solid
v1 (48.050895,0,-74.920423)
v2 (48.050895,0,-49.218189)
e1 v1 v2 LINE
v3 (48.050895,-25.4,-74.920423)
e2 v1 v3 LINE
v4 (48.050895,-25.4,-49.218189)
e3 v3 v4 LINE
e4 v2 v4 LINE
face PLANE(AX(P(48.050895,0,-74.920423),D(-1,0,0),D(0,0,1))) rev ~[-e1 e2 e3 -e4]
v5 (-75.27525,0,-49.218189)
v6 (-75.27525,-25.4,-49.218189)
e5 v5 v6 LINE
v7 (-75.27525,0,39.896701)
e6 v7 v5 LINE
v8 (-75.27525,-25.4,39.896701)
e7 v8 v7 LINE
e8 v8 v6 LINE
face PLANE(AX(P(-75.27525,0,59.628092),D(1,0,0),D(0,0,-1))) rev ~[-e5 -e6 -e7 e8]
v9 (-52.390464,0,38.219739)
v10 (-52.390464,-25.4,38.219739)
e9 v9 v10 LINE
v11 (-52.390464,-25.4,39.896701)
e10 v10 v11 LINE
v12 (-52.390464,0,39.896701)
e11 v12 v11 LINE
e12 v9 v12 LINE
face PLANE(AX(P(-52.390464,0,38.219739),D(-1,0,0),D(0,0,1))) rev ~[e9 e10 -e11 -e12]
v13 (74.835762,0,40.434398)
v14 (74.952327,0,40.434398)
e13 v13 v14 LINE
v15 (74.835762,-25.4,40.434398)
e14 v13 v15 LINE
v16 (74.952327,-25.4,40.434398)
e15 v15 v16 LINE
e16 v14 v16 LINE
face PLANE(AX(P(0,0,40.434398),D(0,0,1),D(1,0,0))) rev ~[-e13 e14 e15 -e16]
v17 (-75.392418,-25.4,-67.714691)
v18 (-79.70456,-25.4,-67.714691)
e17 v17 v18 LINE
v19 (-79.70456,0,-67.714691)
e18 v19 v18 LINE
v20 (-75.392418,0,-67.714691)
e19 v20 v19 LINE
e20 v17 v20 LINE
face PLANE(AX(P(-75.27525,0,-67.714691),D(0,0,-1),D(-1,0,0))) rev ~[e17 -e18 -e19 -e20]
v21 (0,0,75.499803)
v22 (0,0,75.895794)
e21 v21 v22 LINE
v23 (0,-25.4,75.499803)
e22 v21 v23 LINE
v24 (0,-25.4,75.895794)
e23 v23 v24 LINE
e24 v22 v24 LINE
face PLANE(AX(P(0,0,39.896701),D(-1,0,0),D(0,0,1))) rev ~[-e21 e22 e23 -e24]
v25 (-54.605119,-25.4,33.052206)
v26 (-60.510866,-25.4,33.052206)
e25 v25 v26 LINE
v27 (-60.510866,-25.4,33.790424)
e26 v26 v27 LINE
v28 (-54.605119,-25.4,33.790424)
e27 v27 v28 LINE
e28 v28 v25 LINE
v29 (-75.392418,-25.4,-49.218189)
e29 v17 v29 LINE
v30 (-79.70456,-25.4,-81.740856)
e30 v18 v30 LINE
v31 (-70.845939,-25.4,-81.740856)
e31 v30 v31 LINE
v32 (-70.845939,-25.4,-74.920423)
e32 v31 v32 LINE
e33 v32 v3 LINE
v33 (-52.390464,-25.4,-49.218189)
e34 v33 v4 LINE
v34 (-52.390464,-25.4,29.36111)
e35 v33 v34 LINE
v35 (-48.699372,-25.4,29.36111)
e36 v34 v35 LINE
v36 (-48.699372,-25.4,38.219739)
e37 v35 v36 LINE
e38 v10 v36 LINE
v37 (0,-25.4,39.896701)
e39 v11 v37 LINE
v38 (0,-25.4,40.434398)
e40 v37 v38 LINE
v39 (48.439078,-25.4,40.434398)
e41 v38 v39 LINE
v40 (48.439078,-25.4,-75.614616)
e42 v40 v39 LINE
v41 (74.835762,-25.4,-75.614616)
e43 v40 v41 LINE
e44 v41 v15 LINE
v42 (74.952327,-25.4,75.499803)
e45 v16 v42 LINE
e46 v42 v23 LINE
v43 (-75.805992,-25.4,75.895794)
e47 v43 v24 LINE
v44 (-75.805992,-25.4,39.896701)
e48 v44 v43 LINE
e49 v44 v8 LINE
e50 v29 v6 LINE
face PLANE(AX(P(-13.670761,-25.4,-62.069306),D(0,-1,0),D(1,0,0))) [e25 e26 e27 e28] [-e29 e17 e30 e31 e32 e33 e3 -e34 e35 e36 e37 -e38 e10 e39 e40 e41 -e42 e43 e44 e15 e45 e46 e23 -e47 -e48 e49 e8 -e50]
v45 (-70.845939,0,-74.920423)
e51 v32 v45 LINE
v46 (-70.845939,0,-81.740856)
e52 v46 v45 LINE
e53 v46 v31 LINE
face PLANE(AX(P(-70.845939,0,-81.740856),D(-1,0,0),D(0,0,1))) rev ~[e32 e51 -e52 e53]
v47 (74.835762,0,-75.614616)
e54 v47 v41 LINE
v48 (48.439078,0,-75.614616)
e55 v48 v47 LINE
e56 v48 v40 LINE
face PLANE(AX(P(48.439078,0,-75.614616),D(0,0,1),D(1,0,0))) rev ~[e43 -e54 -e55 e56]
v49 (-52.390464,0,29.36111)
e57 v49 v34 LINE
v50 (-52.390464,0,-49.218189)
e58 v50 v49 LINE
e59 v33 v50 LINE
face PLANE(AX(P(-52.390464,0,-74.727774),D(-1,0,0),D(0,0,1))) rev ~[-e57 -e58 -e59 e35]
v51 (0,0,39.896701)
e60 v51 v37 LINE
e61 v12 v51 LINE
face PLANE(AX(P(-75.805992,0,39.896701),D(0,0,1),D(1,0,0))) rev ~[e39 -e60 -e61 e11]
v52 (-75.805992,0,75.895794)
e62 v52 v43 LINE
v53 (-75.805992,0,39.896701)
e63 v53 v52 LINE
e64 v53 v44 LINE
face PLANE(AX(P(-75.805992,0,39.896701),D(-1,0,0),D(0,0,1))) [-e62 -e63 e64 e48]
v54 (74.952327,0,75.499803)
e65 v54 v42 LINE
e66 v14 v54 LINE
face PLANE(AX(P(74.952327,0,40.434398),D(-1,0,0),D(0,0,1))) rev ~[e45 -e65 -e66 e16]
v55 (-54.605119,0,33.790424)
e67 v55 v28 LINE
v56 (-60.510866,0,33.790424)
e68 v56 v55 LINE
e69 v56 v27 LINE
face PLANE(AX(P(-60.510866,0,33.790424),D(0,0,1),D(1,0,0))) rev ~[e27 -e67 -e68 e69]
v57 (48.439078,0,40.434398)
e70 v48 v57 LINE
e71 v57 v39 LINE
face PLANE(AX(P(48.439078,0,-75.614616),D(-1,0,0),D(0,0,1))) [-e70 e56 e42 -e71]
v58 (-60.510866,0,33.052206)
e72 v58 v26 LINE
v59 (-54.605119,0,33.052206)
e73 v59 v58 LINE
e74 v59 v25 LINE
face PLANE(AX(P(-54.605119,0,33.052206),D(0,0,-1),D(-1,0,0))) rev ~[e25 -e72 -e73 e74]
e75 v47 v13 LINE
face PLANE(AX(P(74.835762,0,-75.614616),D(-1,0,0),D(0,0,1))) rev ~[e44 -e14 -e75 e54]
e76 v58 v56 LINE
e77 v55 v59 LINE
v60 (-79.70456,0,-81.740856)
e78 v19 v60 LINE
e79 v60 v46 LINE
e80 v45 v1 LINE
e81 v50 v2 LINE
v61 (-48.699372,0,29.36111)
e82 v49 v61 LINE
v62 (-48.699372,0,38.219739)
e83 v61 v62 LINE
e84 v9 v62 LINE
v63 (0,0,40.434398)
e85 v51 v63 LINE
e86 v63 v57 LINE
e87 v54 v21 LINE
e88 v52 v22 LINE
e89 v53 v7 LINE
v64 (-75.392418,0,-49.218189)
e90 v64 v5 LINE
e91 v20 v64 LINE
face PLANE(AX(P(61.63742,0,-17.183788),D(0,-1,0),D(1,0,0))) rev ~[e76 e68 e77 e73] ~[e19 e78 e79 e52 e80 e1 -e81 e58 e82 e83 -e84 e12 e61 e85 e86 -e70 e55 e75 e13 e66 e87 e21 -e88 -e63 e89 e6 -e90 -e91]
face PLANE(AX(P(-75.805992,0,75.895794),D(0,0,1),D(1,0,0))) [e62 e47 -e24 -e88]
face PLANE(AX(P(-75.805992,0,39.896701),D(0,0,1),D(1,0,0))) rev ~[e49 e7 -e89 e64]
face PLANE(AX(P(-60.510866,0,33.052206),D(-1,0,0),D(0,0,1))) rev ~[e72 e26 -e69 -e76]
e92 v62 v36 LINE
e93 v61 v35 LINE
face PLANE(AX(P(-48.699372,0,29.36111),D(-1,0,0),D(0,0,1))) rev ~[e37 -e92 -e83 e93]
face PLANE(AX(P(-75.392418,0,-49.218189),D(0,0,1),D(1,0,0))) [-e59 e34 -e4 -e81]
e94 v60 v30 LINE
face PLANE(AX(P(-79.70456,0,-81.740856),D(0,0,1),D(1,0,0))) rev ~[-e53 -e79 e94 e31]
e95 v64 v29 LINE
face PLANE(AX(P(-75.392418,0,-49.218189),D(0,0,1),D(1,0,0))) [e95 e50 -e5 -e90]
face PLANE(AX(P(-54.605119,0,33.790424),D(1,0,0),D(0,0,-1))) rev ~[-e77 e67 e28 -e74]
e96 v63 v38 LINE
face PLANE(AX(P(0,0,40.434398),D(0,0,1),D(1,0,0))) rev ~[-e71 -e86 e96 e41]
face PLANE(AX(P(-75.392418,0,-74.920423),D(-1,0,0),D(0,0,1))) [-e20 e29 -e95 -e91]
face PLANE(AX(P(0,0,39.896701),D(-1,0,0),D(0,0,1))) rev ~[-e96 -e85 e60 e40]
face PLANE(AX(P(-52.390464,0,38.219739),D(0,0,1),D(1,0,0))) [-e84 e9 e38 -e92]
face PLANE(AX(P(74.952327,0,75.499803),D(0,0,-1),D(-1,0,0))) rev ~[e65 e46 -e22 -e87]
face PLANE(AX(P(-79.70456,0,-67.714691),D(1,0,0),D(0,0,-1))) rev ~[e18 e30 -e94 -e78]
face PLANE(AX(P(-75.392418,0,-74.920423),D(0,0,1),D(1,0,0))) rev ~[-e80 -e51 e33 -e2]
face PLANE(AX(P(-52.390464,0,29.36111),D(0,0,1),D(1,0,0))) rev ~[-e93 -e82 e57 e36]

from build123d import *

# Parameters (mm, degrees)
F0_W     = 75.805991888
F0_H     = 35.9990932047
F1_DEPTH = 25.4
F3_W     = 3.6910921335
F3_H     = 8.858628571
F3_W_2   = 4.4293105602
F3_H_2   = 7.0130825043
F4_DEPTH = 25.4
F5_DEPTH = 25.4
F6_W     = 26.3966843486
F6_H     = 116.8616563082
F7_DEPTH = 25.4
F8_W     = 123.443312943
F8_H     = 25.7022343576
F9_DEPTH = 25.4


with BuildPart() as f1:
    # F0 (on Front) → F1 (new body)
    with BuildSketch(Plane.XZ):
        with Locations((-37.902995944, 57.8962471336)):
            Rectangle(F0_W, F0_H)
    extrude(amount=F1_DEPTH)

    # F3 (on Front) → F4 (join)
    with BuildSketch(Plane.XZ):
        Polygon((-60.510866344, 33.7904244661), (-54.6051189303, 33.7904244661), (-54.6051189303, 33.0522060394), (-60.510866344, 33.0522060394), (-60.510866344, 29.3611101806), (-52.3904636502, 29.3611101806), (-52.3904636502, 38.2197387516), (-60.510866344, 38.2197387516), align=None)
        Polygon((-60.510866344, 33.0522060394), (-60.510866344, 33.7904244661), (-60.510866344, 38.2197387516), (-52.3904636502, 38.2197387516), (-52.3904636502, 59.6280917525), (-75.2752497792, 59.6280917525), (-75.2752497792, -67.7146911621), (-70.845939219, -67.7146911621), (-70.845939219, -74.7277736664), (-52.3904636502, -74.7277736664), (-52.3904636502, 29.3611101806), (-60.510866344, 29.3611101806), align=None)
        with Locations((-50.5449175835, 33.7904244661)):
            Rectangle(F3_W, F3_H)
        with Locations((-73.0605944991, -71.2212324142)):
            Rectangle(F3_W_2, F3_H_2)
        Polygon((-70.845939219, -81.7408561707), (-70.845939219, -74.7277736664), (-75.2752497792, -74.7277736664), (-75.2752497792, -67.7146911621), (-79.7045603395, -67.7146911621), (-79.7045603395, -81.7408561707), align=None)
    extrude(amount=F4_DEPTH)

    # F2 (on Front) → F5 (join)
    with BuildSketch(Plane.XZ):
        Polygon((74.952326715, 40.4343977571), (74.952326715, 75.4998028278), (0, 75.4998028278), (0, 40.4343977571), (25.4916474223, 40.4343977571), align=None)
    extrude(amount=F5_DEPTH)

    # F6 (on Front) → F7 (join)
    with BuildSketch(Plane.XZ):
        with Locations((61.6374202073, -17.1837881207)):
            Rectangle(F6_W, F6_H)
    extrude(amount=F7_DEPTH)

    # F8 (on Front) → F9 (join)
    with BuildSketch(Plane.XZ):
        with Locations((-13.6707611382, -62.0693061501)):
            Rectangle(F8_W, F8_H)
    extrude(amount=F9_DEPTH)


solid = f1.part
